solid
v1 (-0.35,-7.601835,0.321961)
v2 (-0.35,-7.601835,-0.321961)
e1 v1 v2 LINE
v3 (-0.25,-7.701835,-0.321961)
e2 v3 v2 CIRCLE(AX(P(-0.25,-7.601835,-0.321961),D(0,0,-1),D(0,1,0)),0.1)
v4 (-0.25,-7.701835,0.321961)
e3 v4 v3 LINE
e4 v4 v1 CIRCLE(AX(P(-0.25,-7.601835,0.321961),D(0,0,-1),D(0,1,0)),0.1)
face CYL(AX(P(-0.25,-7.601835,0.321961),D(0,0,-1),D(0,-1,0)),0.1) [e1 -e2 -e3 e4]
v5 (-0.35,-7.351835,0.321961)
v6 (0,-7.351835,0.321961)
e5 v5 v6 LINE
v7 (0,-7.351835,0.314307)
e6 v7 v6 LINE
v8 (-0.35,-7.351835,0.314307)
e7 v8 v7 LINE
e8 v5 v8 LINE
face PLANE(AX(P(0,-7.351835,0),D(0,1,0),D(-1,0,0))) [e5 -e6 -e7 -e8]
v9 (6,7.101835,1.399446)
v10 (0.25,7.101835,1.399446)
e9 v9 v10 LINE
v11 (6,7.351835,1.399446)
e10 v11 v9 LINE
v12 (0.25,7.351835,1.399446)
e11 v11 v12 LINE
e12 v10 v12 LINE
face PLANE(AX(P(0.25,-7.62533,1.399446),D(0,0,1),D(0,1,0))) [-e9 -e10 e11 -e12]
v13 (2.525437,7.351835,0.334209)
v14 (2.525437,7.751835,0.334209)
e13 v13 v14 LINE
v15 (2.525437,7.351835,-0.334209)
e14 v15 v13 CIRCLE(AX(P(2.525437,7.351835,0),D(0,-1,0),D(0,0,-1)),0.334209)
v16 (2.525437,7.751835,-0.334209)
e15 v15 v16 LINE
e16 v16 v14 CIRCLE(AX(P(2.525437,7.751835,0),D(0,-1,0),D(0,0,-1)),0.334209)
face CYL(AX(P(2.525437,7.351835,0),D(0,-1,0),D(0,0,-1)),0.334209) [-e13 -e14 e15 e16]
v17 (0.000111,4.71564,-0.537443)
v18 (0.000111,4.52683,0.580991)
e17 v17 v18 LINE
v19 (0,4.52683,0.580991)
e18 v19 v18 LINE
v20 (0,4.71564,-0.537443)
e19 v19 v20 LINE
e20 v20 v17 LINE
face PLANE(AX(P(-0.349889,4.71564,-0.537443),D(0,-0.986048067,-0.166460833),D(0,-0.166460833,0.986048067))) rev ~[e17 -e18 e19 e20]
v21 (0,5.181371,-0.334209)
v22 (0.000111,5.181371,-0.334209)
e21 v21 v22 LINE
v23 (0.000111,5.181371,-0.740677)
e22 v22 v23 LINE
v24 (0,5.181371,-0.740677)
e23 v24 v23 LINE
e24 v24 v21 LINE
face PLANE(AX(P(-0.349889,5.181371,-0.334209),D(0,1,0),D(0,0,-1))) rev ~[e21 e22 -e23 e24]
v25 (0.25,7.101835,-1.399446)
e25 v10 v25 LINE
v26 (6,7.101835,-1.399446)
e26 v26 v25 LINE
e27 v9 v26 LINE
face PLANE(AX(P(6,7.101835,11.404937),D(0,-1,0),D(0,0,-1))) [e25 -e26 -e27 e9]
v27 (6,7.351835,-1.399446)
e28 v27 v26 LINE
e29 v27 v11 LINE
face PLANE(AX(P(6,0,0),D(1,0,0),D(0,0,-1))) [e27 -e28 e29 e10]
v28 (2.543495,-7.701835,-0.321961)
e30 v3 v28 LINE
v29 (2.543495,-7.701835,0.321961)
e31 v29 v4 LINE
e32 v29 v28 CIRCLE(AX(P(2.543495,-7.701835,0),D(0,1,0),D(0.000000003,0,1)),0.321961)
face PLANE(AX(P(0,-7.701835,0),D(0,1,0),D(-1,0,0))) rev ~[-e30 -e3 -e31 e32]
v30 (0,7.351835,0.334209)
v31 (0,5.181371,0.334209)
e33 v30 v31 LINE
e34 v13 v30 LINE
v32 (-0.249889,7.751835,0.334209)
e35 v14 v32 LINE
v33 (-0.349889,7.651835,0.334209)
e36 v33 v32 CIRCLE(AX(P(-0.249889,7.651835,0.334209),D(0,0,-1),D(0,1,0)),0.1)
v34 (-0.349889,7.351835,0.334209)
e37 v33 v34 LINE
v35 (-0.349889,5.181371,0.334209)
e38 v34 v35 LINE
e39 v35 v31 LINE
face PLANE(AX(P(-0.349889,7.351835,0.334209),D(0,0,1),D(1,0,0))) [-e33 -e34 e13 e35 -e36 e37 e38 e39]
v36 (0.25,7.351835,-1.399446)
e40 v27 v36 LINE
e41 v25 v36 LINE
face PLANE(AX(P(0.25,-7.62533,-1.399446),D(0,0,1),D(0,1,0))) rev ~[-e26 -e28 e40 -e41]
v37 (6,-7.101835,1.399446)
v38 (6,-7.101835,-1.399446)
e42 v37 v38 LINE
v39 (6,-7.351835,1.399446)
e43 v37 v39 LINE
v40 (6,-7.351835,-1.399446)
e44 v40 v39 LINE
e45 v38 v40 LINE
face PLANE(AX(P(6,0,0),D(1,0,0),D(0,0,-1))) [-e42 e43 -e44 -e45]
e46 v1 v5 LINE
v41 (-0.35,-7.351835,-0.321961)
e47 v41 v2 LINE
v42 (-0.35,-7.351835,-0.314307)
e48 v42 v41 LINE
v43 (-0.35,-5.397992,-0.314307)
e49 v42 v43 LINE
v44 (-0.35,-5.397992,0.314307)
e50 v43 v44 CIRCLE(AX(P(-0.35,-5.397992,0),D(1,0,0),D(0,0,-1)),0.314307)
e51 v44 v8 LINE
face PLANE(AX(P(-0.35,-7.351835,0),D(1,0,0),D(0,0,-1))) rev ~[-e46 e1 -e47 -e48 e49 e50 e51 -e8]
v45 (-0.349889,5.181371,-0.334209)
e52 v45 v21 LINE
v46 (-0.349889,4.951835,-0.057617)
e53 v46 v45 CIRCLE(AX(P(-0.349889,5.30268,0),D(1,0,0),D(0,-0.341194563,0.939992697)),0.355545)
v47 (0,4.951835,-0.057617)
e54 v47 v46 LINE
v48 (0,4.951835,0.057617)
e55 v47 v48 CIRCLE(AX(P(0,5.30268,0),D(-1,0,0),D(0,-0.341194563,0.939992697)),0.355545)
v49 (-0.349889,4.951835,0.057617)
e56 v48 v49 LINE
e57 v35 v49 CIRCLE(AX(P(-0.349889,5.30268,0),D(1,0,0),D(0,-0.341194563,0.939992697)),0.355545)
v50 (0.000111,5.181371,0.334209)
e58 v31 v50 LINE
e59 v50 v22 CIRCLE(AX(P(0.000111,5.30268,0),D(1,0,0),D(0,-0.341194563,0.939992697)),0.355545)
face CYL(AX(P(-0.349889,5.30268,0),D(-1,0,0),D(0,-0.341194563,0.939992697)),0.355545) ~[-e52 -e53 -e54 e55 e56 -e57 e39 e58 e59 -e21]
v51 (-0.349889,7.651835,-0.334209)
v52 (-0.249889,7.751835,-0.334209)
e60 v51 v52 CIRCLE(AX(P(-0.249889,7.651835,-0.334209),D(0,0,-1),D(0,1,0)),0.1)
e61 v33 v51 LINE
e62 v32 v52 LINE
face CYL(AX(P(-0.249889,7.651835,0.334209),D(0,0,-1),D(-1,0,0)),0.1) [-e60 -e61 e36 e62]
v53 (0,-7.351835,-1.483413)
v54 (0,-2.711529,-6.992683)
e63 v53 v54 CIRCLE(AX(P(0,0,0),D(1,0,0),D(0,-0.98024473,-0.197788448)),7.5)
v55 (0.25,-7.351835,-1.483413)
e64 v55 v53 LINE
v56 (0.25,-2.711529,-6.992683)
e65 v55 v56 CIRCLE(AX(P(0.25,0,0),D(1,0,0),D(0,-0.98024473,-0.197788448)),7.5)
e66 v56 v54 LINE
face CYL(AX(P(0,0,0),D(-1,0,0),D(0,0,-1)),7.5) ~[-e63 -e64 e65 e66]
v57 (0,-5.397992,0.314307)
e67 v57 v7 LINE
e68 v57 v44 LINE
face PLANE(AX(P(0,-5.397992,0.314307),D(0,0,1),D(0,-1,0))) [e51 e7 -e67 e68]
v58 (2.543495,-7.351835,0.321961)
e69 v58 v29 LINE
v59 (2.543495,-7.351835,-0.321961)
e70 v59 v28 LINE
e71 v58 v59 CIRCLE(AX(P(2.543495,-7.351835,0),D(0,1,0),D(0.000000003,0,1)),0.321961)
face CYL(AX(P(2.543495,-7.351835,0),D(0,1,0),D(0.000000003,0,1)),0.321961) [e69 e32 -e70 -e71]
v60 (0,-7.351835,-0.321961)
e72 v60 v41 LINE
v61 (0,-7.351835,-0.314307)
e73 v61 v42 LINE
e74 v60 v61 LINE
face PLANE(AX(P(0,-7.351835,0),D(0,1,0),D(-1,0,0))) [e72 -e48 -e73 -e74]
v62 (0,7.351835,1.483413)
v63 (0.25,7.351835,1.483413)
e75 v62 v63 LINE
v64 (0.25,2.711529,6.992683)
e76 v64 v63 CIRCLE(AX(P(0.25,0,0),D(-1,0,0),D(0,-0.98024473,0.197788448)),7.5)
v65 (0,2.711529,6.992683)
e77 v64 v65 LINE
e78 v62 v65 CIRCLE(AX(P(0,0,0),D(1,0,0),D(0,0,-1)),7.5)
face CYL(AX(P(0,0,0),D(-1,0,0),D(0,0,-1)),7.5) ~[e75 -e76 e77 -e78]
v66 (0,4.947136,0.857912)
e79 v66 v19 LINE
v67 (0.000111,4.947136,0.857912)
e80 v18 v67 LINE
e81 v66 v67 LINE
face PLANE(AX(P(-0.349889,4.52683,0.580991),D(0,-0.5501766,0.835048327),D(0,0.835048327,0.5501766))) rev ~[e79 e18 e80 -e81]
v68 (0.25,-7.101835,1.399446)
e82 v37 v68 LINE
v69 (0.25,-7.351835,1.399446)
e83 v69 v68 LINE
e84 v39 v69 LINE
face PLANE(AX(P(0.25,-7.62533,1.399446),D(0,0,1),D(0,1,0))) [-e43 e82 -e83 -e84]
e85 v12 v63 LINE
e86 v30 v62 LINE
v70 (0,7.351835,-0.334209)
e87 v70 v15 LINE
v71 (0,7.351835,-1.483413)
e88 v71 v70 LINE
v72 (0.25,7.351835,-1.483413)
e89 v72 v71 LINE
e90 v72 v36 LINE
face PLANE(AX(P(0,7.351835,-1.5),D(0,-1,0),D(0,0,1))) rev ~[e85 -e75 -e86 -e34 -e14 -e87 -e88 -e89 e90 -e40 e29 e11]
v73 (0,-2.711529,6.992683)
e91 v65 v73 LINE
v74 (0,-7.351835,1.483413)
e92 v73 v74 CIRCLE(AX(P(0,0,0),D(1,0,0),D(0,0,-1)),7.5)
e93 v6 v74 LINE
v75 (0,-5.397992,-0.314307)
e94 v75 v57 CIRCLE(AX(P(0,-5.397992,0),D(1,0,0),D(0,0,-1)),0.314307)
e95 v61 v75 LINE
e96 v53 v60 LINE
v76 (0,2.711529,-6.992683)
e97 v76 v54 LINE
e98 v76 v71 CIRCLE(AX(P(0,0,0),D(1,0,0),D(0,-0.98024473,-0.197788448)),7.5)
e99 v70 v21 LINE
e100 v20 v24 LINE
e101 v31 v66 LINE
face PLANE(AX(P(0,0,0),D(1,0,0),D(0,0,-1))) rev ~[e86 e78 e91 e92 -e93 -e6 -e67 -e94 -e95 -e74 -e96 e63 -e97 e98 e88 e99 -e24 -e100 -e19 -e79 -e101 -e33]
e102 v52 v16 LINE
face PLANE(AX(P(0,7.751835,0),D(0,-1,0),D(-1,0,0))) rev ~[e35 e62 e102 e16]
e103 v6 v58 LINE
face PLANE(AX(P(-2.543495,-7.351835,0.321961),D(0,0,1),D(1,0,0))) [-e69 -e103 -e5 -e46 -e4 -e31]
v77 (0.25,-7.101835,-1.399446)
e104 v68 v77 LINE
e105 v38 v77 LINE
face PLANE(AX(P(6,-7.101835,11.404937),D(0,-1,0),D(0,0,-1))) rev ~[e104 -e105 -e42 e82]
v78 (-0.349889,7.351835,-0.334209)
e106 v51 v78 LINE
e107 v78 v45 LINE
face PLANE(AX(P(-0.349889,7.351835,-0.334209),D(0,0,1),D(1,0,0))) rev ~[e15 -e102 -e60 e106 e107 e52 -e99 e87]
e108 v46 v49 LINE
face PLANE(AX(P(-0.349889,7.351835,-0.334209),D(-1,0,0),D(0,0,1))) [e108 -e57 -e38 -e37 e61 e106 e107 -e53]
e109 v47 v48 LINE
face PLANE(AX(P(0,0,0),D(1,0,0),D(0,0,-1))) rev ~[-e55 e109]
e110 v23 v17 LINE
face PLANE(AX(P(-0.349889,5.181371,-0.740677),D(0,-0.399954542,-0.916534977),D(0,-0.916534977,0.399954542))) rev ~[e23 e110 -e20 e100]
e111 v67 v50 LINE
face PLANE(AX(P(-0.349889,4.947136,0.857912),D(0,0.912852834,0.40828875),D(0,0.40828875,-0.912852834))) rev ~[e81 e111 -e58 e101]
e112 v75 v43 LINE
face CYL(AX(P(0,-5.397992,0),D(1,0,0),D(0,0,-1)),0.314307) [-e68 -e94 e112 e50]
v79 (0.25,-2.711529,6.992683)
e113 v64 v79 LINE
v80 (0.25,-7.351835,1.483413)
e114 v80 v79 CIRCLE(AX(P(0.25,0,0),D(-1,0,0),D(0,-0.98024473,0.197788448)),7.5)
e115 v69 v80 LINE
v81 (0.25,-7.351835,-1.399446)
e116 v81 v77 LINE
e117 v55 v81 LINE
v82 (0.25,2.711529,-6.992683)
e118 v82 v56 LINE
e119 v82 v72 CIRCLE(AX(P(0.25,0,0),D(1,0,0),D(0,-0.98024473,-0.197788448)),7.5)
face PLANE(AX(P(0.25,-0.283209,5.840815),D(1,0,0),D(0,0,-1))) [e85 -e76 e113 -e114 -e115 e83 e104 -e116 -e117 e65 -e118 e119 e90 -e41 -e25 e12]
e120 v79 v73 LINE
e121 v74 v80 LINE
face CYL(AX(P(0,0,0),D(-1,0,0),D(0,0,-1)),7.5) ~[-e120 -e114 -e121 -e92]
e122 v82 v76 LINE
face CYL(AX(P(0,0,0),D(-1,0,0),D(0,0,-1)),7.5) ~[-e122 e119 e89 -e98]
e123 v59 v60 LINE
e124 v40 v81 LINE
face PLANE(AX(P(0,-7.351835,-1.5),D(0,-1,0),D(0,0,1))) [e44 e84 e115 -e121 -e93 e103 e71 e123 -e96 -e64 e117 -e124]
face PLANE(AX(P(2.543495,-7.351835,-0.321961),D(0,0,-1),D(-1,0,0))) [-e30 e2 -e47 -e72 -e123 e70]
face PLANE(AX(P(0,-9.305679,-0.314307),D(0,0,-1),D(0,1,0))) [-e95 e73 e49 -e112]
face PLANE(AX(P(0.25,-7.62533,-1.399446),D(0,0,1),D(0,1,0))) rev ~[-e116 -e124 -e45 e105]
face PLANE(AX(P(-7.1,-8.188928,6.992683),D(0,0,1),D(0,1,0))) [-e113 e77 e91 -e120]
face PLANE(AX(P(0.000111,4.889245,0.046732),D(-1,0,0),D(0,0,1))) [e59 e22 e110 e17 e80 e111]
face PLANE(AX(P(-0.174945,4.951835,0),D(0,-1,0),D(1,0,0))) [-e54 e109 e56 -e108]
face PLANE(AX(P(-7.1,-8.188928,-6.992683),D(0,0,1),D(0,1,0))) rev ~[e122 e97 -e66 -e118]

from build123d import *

# Parameters (mm, degrees)
ESBO_O1_R                   = 7.5
RESSALTO_EXTRUS_O1_DEPTH    = 6
ESBO_O2_W                   = 3
ESBO_O2_H                   = 0.472136223
CORTE_EXTRUS_O1_DEPTH       = 6
ESBO_O3_W                   = 2.966826726
ESBO_O3_H                   = 0.25
RESSALTO_EXTRUS_O2_DEPTH    = 5.75
ESBO_O4_W                   = 22.809874316
ESBO_O4_H                   = 14.203670942
CORTE_EXTRUS_O2_DEPTH       = 5.75
ESBO_O5_W                   = 7.250675024
ESBO_O5_H                   = 15.25065993
CORTE_EXTRUS_O3_DEPTH       = 10.75
RESSALTO_EXTRUS_O3_DEPTH    = 0.35
RESSALTO_EXTRUS_O4_DEPTH    = 0.35
CORTE_EXTRUS_O5_DEPTH       = 16
CORTE_EXTRUS_O5_DEPTH_BACK  = 6.35
CORTE_EXTRUS_O6_DEPTH       = 7.35
CORTE_EXTRUS_O6_DEPTH_BACK  = 13
FILETE1_R                   = 0.1
RESSALTO_EXTRUS_O5_DEPTH    = 0.4
CORTE_EXTRUS_O7_DEPTH       = 0.4
ESBO_O14_W                  = 0.349889087
ESBO_O14_H                  = 0.668418636
RESSALTO_EXTRUS_O6_DEPTH    = 2.4
FILETE2_R                   = 0.1
CORTE_EXTRUS_O9_DEPTH       = 0.35
CORTE_EXTRUS_O10_DEPTH      = 15
CORTE_EXTRUS_O10_DEPTH_BACK = 7.35


with BuildPart() as part:
    # Esboço1 → Ressalto-extrusão1 (new body)
    with BuildSketch(Plane(origin=(0, 0, 0), x_dir=(0, 0, -1), z_dir=(1, 0, 0))):
        Circle(ESBO_O1_R)
    extrude(amount=RESSALTO_EXTRUS_O1_DEPTH)

    # Esboço2 → Corte-extrusão1 (cut)
    with BuildSketch(Plane.ZY):
        with Locations((0, 7.587903583)):
            Rectangle(ESBO_O2_W, ESBO_O2_H)
        with Locations((0, -7.587903583)):
            Rectangle(ESBO_O2_W, ESBO_O2_H)
    extrude(amount=-CORTE_EXTRUS_O1_DEPTH, mode=Mode.SUBTRACT)

    # Esboço3 → Ressalto-extrusão2 (add)
    with BuildSketch(Plane.ZY):
        with Locations((0, 7.226835471)):
            Rectangle(ESBO_O3_W, ESBO_O3_H)
        with Locations((0, -7.226835471)):
            Rectangle(ESBO_O3_W, ESBO_O3_H)
    extrude(amount=-RESSALTO_EXTRUS_O2_DEPTH)

    # Esboço4 → Corte-extrusão2 (cut)
    with BuildSketch(Plane(origin=(6, 0, 0), x_dir=(0, 0, -1), z_dir=(1, 0, 0))):
        Rectangle(ESBO_O4_W, ESBO_O4_H)
    extrude(amount=-CORTE_EXTRUS_O2_DEPTH, mode=Mode.SUBTRACT)

    # Esboço5 → Corte-extrusão3 (cut)
    with BuildSketch(Plane(origin=(0.25, 0, 0), x_dir=(0, 0, -1), z_dir=(1, 0, 0))):
        with Locations((5.024783907, 0)):
            Rectangle(ESBO_O5_W, ESBO_O5_H)
        Polygon((-1.399446395, -7.625329965), (-1.399446395, 7.625329965), (-5.165706312, 7.393925443), (-6.710731139, 7.999984905), (-9.487585404, 6.78786598), (-11.382898632, -7.206597972), align=None)
    extrude(amount=CORTE_EXTRUS_O3_DEPTH, mode=Mode.SUBTRACT)

    # Esboço6 → Ressalto-extrusão3 (add)
    with BuildSketch(Plane.XZ.offset(7.351835471)):
        with BuildLine():
            Line((-2.543494754, 0.321961033), (2.543494754, 0.321961033))
            ThreePointArc((2.543494754, 0.321961033), (2.865455786, 0), (2.543494754, -0.321961033))
            Line((2.543494754, -0.321961033), (-2.543494754, -0.321961033))
            ThreePointArc((-2.543494754, -0.321961033), (-2.865455786, 0), (-2.543494754, 0.321961033))
        make_face()
    extrude(amount=RESSALTO_EXTRUS_O3_DEPTH)

    # Esboço8 → Ressalto-extrusão4 (add)
    with BuildSketch(Plane.ZY):
        with BuildLine():
            Line((-0.314307146, -9.305679126), (-0.314307146, -5.397991816))
            ThreePointArc((-0.314307146, -5.397991816), (0, -5.08368467), (0.314307146, -5.397991816))
            Line((0.314307146, -5.397991816), (0.314307146, -9.305679126))
            ThreePointArc((0.314307146, -9.305679126), (0, -9.619986272), (-0.314307146, -9.305679126))
        make_face()
    extrude(amount=RESSALTO_EXTRUS_O4_DEPTH)

    # Esboço9 → Corte-extrusão5 (cut, two sides: drawn at the far end of the back side and taken through both)
    with BuildSketch(Plane(origin=(0, 0, -0.321961033), x_dir=(-1, 0, 0), z_dir=(0, 0, -1)).offset(-CORTE_EXTRUS_O5_DEPTH_BACK)):
        Polygon((0.35, -7.701835471), (0.35, -4.813290401), (3.812040174, -6.789850405), (3.701673879, -8.068450161), (1.08322938, -8.435064851), align=None)
    extrude(amount=CORTE_EXTRUS_O5_DEPTH + CORTE_EXTRUS_O5_DEPTH_BACK, mode=Mode.SUBTRACT)

    # Esboço10 → Corte-extrusão6 (cut, two sides: drawn at the far end of the back side and taken through both)
    with BuildSketch(Plane(origin=(0, 0, -0.314307146), x_dir=(-1, 0, 0), z_dir=(0, 0, -1)).offset(-CORTE_EXTRUS_O6_DEPTH_BACK)):
        Polygon((-0.161358156, -7.701835471), (0.859566955, -7.701835471), (0.859566955, -10.409050105), (-1.096747377, -10.331004379), align=None)
    extrude(amount=CORTE_EXTRUS_O6_DEPTH + CORTE_EXTRUS_O6_DEPTH_BACK, mode=Mode.SUBTRACT)

    # Filete1
    filete1_edges = [part.edges().sort_by_distance(p)[0] for p in [
        (-0.35, -7.701835471, 0),
    ]]
    fillet(filete1_edges, radius=FILETE1_R)

    # Esboço11 → Ressalto-extrusão5 (add)
    with BuildSketch(Plane(origin=(0, 7.351835471, 0), x_dir=(1, 0, 0), z_dir=(0, 1, 0))):
        with BuildLine():
            Line((-2.525437349, 0.334209318), (2.525437349, 0.334209318))
            ThreePointArc((2.525437349, 0.334209318), (2.859646667, 0), (2.525437349, -0.334209318))
            Line((2.525437349, -0.334209318), (-2.525437349, -0.334209318))
            ThreePointArc((-2.525437349, -0.334209318), (-2.859646667, 0), (-2.525437349, 0.334209318))
        make_face()
    extrude(amount=RESSALTO_EXTRUS_O5_DEPTH)

    # Esboço13 → Corte-extrusão7 (cut)
    with BuildSketch(Plane(origin=(0, 7.751835471, 0), x_dir=(1, 0, 0), z_dir=(0, 1, 0))):
        Polygon((-0.349889087, -0.334209318), (-0.349889087, 0.540947425), (-0.764471769, 0.572838401), (-3.134268128, 0.417702141), (-3.23158757, -0.84745061), (0, -1.013091695), align=None)
    extrude(amount=-CORTE_EXTRUS_O7_DEPTH, mode=Mode.SUBTRACT)

    # Esboço14 → Ressalto-extrusão6 (add)
    with BuildSketch(Plane.XZ.offset(-7.351835471)):
        with Locations((-0.174944544, 0)):
            Rectangle(ESBO_O14_W, ESBO_O14_H)
    extrude(amount=RESSALTO_EXTRUS_O6_DEPTH)

    # Filete2
    filete2_edges = [part.edges().sort_by_distance(p)[0] for p in [
        (-0.349889087, 7.751835471, 0),
    ]]
    fillet(filete2_edges, radius=FILETE2_R)

    # Esboço15 → Corte-extrusão9 (cut)
    with BuildSketch(Plane.ZY.offset(0.349889087)):
        with BuildLine():
            Line((-0.334209318, 5.181370585), (-0.740677409, 5.181370585))
            Line((-0.740677409, 5.181370585), (-0.537443364, 4.71563988))
            Line((-0.537443364, 4.71563988), (0.580990807, 4.526830135))
            Line((0.580990807, 4.526830135), (0.857911766, 4.947135876))
            Line((0.857911766, 4.947135876), (0.334209318, 5.181370585))
            ThreePointArc((0.334209318, 5.181370585), (0, 4.947135876), (-0.334209318, 5.181370585))
        make_face()
    extrude(amount=-CORTE_EXTRUS_O9_DEPTH, mode=Mode.SUBTRACT)

    # Esboço19 → Corte-extrusão10 (cut, two sides: drawn at the far end of the back side and taken through both)
    with BuildSketch(Plane(origin=(0.25, 0, 0), x_dir=(0, 0, -1), z_dir=(1, 0, 0)).offset(-CORTE_EXTRUS_O10_DEPTH_BACK)):
        Polygon((-6.992682683, 8.188928042), (-12.721348099, -3.80184127), (-6.992682683, -8.188928042), align=None)
        Polygon((6.992682683, -8.188928042), (6.992682683, 8.188928042), (11.074646704, 2.193543386), align=None)
    extrude(amount=CORTE_EXTRUS_O10_DEPTH + CORTE_EXTRUS_O10_DEPTH_BACK, mode=Mode.SUBTRACT)


solid = part.part
